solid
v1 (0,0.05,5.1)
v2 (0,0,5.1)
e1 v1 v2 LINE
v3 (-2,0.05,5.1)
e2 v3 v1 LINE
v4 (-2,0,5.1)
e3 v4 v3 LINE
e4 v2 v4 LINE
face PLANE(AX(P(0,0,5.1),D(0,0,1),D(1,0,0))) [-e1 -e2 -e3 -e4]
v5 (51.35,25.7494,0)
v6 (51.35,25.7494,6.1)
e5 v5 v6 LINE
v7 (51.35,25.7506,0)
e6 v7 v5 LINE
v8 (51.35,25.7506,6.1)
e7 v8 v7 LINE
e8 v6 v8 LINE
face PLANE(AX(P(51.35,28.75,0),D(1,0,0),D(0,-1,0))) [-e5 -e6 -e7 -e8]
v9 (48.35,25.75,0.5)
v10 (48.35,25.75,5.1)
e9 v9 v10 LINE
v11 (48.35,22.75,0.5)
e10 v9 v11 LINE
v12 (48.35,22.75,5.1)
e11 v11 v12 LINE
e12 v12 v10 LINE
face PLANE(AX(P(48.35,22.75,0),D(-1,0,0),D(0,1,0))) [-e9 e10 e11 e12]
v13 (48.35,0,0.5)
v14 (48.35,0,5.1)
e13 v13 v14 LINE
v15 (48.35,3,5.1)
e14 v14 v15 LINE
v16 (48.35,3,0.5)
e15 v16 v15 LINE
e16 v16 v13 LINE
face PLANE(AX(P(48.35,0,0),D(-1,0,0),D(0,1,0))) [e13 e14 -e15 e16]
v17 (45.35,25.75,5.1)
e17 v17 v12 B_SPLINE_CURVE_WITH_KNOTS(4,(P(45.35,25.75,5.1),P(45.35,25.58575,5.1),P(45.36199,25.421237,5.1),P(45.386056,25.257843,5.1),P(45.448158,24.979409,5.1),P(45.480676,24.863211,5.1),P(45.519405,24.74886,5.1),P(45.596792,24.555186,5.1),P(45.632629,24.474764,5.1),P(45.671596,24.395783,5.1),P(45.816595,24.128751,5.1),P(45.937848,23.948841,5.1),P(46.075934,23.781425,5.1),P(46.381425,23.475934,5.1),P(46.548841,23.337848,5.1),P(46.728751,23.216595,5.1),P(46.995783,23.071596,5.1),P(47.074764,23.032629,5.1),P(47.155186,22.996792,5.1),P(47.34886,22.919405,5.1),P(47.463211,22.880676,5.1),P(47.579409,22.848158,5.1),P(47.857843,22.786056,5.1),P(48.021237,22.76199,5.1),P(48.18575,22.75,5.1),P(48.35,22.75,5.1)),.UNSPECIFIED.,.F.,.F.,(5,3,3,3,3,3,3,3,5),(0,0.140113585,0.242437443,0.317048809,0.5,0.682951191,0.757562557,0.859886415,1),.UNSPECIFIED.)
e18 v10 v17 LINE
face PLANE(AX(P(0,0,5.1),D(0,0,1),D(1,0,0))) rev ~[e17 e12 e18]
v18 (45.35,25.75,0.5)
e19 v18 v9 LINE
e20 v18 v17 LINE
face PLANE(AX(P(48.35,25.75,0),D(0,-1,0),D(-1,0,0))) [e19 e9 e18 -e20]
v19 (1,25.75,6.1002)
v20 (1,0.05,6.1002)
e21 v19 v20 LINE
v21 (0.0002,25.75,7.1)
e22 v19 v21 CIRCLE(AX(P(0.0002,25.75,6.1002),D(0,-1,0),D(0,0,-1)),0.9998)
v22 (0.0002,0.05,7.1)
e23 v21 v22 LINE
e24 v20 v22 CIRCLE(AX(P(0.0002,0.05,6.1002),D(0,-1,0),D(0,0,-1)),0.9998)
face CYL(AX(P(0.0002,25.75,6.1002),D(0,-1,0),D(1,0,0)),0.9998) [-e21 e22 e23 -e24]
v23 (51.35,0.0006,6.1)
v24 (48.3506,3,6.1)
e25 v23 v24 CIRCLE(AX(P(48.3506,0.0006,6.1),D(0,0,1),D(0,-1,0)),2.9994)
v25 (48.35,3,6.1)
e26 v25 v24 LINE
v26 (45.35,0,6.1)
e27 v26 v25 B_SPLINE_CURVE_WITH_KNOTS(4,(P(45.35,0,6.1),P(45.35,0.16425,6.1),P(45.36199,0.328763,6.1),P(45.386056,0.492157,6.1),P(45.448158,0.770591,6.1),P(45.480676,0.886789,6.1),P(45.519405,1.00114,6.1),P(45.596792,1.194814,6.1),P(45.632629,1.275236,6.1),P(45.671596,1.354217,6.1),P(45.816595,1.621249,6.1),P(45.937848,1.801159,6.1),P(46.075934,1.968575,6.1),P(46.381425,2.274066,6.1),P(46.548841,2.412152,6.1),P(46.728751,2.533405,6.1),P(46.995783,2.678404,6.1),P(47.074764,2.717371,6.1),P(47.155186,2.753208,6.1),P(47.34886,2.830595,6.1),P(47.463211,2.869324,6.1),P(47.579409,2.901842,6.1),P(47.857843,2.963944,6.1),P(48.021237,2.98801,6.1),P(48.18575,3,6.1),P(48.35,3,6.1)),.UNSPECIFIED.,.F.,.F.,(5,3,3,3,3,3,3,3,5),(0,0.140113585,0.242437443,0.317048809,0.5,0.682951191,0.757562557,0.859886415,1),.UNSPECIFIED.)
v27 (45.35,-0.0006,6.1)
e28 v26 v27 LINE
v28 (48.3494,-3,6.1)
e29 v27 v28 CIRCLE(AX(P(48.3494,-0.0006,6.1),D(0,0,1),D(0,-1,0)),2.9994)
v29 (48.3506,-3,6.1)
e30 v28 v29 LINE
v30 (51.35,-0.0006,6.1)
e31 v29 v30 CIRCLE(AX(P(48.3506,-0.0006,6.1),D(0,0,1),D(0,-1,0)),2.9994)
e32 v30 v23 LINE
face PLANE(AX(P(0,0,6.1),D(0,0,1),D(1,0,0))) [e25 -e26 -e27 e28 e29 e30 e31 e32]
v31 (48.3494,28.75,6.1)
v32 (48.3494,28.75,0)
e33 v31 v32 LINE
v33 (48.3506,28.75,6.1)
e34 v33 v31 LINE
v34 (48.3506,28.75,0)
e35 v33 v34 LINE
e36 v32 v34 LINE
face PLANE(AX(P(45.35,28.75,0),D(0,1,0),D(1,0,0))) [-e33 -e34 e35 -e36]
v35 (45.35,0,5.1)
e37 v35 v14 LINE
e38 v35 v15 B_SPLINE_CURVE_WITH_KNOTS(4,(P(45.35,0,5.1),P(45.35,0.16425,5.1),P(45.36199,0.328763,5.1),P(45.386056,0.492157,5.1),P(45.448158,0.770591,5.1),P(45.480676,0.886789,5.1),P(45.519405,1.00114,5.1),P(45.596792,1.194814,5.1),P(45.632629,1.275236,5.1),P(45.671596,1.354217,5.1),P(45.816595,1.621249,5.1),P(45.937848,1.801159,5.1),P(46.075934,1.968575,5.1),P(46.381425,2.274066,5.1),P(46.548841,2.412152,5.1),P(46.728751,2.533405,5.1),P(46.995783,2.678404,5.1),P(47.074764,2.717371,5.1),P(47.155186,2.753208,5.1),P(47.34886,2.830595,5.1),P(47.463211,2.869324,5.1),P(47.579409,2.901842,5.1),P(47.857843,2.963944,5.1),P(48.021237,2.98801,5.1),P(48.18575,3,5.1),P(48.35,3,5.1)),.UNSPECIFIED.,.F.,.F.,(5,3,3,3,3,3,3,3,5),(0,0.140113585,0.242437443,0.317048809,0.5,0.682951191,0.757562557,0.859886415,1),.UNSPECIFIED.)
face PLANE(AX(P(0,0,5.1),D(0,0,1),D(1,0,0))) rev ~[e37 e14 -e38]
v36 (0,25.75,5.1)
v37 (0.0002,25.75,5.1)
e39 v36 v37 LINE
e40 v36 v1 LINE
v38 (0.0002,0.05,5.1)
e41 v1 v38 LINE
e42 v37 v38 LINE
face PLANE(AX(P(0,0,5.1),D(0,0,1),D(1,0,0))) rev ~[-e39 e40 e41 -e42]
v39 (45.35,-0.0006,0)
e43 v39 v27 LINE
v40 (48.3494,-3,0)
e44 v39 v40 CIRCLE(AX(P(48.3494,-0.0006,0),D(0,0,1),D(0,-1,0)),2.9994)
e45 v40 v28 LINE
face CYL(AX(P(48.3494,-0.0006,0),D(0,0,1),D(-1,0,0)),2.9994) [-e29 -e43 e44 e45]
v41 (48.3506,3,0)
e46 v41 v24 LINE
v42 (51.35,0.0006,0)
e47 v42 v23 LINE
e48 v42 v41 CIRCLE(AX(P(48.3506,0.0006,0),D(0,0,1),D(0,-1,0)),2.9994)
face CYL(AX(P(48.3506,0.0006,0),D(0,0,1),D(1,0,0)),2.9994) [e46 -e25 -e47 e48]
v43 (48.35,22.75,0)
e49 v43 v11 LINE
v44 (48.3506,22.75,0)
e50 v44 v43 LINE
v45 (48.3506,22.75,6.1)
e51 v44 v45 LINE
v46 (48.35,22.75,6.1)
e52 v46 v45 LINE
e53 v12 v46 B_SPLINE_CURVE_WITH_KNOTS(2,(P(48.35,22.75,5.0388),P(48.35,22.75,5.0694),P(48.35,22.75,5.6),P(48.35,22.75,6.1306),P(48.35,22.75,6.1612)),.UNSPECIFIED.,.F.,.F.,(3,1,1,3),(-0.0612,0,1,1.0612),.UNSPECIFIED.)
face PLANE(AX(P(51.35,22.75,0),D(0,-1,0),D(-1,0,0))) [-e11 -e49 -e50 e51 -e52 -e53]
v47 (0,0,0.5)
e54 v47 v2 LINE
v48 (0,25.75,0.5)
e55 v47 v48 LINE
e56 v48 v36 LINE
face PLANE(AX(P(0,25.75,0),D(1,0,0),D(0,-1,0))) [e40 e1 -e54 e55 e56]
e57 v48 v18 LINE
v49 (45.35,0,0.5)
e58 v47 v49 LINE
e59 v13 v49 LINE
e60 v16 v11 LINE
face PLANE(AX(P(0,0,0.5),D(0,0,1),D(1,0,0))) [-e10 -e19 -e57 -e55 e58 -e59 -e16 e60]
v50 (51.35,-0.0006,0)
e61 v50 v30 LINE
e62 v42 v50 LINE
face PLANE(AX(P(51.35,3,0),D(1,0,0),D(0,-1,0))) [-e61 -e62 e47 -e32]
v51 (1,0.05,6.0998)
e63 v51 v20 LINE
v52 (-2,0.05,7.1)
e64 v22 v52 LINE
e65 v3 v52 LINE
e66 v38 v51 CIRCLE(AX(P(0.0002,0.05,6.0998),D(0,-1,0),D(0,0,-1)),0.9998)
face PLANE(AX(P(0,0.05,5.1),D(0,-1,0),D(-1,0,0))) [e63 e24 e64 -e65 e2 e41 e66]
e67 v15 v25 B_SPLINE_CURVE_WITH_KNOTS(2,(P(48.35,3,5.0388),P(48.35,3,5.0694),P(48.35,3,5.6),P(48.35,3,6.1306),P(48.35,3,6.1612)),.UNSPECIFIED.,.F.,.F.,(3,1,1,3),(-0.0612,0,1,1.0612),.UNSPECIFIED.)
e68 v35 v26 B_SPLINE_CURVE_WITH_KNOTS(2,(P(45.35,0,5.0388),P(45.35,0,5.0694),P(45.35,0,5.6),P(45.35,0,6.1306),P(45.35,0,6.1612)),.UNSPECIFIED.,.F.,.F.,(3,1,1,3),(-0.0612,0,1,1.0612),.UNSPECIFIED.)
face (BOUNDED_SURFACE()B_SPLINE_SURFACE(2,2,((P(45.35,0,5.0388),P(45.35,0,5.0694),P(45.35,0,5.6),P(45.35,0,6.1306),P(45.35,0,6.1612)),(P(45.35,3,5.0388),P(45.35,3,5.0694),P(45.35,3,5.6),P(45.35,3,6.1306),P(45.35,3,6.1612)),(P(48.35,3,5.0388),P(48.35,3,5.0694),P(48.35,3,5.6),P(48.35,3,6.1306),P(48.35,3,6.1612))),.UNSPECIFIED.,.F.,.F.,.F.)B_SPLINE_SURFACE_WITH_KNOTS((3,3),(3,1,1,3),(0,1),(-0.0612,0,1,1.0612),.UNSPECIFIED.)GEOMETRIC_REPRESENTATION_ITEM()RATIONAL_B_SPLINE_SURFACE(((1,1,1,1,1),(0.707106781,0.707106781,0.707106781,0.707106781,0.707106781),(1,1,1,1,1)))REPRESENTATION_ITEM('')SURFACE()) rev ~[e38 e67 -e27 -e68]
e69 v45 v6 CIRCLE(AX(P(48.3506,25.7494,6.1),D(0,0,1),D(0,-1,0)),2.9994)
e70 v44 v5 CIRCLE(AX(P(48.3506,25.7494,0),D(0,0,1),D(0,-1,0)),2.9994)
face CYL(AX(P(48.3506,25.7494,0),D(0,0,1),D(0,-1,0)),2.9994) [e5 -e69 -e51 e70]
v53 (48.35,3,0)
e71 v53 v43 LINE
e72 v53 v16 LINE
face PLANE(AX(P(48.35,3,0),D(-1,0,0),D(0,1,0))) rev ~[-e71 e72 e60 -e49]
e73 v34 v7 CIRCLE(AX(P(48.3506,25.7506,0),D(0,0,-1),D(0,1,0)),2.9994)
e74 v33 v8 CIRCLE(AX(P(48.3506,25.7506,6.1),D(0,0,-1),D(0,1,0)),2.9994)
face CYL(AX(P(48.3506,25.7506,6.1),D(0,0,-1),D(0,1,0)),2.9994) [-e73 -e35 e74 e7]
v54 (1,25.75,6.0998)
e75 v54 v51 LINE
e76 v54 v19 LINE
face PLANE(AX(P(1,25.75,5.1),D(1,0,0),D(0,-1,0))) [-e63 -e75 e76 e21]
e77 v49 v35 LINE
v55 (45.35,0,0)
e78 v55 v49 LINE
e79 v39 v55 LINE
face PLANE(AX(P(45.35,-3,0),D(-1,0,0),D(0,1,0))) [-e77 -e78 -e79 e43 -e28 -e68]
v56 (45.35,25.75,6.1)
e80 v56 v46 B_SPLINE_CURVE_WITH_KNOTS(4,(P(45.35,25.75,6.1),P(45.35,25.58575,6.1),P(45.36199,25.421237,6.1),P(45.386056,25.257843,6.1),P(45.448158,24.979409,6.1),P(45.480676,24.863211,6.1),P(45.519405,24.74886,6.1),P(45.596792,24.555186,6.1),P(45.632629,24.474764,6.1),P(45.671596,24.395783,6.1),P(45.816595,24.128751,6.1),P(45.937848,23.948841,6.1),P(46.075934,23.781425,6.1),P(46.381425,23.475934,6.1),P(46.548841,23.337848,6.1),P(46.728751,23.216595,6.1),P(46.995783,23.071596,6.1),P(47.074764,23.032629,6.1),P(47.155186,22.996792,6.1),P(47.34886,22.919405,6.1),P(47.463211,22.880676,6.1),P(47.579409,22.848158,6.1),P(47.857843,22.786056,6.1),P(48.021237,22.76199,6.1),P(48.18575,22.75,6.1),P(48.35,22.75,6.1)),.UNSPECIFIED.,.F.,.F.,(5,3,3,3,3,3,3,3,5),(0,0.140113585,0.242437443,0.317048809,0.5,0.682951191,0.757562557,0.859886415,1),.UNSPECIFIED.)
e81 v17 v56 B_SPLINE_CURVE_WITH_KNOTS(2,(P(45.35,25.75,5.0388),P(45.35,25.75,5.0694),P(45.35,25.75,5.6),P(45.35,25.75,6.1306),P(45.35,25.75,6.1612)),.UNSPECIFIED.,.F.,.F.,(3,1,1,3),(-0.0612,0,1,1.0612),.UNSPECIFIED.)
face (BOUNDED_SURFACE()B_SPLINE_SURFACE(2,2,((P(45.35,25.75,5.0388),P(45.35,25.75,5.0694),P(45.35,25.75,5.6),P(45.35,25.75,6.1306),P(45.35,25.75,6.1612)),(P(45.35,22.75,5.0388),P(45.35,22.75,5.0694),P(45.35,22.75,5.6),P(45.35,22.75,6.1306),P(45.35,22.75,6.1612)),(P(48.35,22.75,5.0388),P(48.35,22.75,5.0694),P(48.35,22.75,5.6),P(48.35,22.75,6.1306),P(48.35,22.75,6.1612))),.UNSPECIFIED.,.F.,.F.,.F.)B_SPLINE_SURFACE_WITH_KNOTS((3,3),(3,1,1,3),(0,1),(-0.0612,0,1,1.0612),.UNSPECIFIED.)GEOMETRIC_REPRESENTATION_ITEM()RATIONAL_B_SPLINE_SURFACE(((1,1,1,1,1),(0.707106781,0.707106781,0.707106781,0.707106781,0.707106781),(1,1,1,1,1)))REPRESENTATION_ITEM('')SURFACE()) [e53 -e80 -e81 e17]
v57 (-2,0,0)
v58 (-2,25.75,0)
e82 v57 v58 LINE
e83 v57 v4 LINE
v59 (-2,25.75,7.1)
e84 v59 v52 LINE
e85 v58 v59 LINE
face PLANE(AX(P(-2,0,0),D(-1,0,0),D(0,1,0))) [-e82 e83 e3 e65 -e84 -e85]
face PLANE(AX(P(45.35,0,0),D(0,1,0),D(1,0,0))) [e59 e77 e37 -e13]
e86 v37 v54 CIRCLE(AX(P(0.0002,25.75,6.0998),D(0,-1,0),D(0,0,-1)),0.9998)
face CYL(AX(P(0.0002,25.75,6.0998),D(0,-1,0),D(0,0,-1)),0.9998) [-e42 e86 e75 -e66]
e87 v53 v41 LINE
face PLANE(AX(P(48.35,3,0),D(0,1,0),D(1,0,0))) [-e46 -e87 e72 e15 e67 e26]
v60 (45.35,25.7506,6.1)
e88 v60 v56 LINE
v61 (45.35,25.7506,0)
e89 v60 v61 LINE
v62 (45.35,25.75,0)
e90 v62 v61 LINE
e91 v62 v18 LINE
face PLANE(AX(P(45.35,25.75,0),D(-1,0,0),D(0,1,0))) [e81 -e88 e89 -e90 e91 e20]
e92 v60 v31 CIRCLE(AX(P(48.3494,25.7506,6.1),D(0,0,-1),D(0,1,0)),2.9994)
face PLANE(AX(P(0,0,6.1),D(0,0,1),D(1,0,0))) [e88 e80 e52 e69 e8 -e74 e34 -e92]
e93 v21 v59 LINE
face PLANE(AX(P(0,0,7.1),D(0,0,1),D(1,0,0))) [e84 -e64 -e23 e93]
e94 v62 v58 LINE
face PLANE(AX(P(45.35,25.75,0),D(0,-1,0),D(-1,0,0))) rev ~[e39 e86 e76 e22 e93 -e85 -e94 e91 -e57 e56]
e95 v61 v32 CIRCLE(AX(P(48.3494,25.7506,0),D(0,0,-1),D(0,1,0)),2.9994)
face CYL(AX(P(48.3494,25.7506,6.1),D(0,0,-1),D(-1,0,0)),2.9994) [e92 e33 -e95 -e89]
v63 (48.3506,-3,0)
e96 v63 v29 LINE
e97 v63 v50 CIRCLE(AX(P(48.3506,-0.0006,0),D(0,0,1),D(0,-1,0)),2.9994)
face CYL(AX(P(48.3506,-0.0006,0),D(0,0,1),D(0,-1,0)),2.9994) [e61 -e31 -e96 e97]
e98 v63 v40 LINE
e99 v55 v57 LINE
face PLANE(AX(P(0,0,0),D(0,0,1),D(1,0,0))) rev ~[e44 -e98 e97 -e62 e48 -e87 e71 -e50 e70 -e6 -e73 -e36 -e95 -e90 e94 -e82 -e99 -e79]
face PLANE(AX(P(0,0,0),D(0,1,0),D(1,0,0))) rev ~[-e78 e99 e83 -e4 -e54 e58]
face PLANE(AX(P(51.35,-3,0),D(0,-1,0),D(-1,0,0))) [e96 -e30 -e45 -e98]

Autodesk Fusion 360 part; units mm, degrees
sketch "Sketch1" plane through (0, 0, 0) normal (0, 0, 1) x (1, 0, 0)
  line L0 (0, 0) -> (48.35, 0)
  line L1 (48.35, 0) -> (48.35, 25.75)
  line L2 (48.35, 25.75) -> (0, 25.75)
  line L3 (0, 25.75) -> (0, 0)
  line L4 (51.35, 22.75) -> (45.35, 22.75)
  line L5 (45.35, 22.75) -> (45.35, 28.75)
  line L6 (45.35, 28.75) -> (51.35, 28.75)
  line L7 (51.35, 28.75) -> (51.35, 22.75)
  line L8 (51.35, 22.75) -> (45.35, 28.75) construction
  line L9 (45.35, 22.75) -> (51.35, 28.75) construction
  line L10 (51.35, -3) -> (45.35, -3)
  line L11 (45.35, -3) -> (45.35, 3)
  line L12 (45.35, 3) -> (51.35, 3)
  line L13 (51.35, 3) -> (51.35, -3)
  line L14 (51.35, -3) -> (45.35, 3) construction
  line L15 (45.35, -3) -> (51.35, 3) construction
  line L16 (0, 0) -> (-2, 0)
  line L17 (-2, 0) -> (-2, 25.75)
  line L18 (-2, 25.75) -> (0, 25.75)
  line L19 (0, 25.75) -> (0, 0)
  point P0 (48.35, 25.75)
  point P1 (48.35, 0)
  dimension "d1" = 48.35
  dimension "d2" = 25.75
  dimension "d3" = 6
  dimension "d4" = 6
  dimension "d5" = 6
  dimension "d6" = 6
  dimension "d7" = 2
  dimension "d8" = 25.75
extrude "Extrude1" add sketch "Sketch1" along normal blind 0.5
extrude "Extrude2" add sketch "Sketch1" along normal blind 5.1 contours L3 L16 L17 L18 L19
sketch "Sketch2" plane through (0, 0, 5.1) normal (0, 0, 1) x (1, 0, 0)
  line L0 (0, 25.75) -> (-2, 25.75)
  line L1 (-2, 25.75) -> (-2, 0)
  line L2 (-2, 0) -> (0, 0)
  line L3 (0, 0) -> (0, 25.75)
  line L4 (-2, 25.75) -> (1, 25.75)
  line L5 (1, 25.75) -> (1, 0.05)
  line L6 (1, 0.05) -> (-2, 0.05)
  line L7 (-2, 0.05) -> (-2, 25.75)
  dimension "d13" = 3
  dimension "d14" = 25.7
extrude "Extrude3" add sketch "Sketch2" along normal blind 2 contours L0 L1 L3 L4 L6 L7 | L3 L4 L5 L6
fillet "Fillet1" radius 1 2 edges at (1, 12.9, 7.1) (1, 12.9, 5.1)
extrude "Extrude4" add sketch "Sketch1" along normal blind 5.1 contours L0 L1 L10 L11 L12 L13 | L1 L2 L4 L5 L6 L7
sketch "Sketch3" plane through (0, 0, 5.1) normal (0, 0, 1) x (1, 0, 0)
  line L0 (51.35, 3) -> (48.35, 3)
  line L1 (48.35, 3) -> (48.35, 0)
  line L2 (48.35, 0) -> (45.35, 0)
  line L3 (45.35, 0) -> (45.35, -3)
  line L4 (45.35, -3) -> (51.35, -3)
  line L5 (51.35, -3) -> (51.35, 3)
  line L6 (51.35, -3) -> (45.35, -3)
  line L7 (45.35, -3) -> (45.35, 3)
  line L8 (45.35, 3) -> (51.35, 3)
  line L9 (51.35, 3) -> (51.35, -3)
  line L10 (51.35, 28.75) -> (45.35, 28.75)
  line L11 (45.35, 28.75) -> (45.35, 22.75)
  line L12 (45.35, 22.75) -> (51.35, 22.75)
  line L13 (51.35, 22.75) -> (51.35, 28.75)
  point P0 (51.35, 28.75)
  dimension "d21" = 6
  dimension "d22" = 6
  dimension "d23" = 6
  dimension "d24" = 6
extrude "Extrude5" add sketch "Sketch3" along normal blind 1
fillet "Fillet2" radius 3 6 edges at (51.35, -3, 3.05) (51.35, 3, 3.05) (45.35, -3, 3.05) (51.35, 22.75, 3.05) (45.35, 28.75, 3.05) (51.35, 28.75, 3.05)
fillet "Fillet3" radius 3 2 edges at (45.35, 22.75, 5.6) (45.35, 3, 5.6)
